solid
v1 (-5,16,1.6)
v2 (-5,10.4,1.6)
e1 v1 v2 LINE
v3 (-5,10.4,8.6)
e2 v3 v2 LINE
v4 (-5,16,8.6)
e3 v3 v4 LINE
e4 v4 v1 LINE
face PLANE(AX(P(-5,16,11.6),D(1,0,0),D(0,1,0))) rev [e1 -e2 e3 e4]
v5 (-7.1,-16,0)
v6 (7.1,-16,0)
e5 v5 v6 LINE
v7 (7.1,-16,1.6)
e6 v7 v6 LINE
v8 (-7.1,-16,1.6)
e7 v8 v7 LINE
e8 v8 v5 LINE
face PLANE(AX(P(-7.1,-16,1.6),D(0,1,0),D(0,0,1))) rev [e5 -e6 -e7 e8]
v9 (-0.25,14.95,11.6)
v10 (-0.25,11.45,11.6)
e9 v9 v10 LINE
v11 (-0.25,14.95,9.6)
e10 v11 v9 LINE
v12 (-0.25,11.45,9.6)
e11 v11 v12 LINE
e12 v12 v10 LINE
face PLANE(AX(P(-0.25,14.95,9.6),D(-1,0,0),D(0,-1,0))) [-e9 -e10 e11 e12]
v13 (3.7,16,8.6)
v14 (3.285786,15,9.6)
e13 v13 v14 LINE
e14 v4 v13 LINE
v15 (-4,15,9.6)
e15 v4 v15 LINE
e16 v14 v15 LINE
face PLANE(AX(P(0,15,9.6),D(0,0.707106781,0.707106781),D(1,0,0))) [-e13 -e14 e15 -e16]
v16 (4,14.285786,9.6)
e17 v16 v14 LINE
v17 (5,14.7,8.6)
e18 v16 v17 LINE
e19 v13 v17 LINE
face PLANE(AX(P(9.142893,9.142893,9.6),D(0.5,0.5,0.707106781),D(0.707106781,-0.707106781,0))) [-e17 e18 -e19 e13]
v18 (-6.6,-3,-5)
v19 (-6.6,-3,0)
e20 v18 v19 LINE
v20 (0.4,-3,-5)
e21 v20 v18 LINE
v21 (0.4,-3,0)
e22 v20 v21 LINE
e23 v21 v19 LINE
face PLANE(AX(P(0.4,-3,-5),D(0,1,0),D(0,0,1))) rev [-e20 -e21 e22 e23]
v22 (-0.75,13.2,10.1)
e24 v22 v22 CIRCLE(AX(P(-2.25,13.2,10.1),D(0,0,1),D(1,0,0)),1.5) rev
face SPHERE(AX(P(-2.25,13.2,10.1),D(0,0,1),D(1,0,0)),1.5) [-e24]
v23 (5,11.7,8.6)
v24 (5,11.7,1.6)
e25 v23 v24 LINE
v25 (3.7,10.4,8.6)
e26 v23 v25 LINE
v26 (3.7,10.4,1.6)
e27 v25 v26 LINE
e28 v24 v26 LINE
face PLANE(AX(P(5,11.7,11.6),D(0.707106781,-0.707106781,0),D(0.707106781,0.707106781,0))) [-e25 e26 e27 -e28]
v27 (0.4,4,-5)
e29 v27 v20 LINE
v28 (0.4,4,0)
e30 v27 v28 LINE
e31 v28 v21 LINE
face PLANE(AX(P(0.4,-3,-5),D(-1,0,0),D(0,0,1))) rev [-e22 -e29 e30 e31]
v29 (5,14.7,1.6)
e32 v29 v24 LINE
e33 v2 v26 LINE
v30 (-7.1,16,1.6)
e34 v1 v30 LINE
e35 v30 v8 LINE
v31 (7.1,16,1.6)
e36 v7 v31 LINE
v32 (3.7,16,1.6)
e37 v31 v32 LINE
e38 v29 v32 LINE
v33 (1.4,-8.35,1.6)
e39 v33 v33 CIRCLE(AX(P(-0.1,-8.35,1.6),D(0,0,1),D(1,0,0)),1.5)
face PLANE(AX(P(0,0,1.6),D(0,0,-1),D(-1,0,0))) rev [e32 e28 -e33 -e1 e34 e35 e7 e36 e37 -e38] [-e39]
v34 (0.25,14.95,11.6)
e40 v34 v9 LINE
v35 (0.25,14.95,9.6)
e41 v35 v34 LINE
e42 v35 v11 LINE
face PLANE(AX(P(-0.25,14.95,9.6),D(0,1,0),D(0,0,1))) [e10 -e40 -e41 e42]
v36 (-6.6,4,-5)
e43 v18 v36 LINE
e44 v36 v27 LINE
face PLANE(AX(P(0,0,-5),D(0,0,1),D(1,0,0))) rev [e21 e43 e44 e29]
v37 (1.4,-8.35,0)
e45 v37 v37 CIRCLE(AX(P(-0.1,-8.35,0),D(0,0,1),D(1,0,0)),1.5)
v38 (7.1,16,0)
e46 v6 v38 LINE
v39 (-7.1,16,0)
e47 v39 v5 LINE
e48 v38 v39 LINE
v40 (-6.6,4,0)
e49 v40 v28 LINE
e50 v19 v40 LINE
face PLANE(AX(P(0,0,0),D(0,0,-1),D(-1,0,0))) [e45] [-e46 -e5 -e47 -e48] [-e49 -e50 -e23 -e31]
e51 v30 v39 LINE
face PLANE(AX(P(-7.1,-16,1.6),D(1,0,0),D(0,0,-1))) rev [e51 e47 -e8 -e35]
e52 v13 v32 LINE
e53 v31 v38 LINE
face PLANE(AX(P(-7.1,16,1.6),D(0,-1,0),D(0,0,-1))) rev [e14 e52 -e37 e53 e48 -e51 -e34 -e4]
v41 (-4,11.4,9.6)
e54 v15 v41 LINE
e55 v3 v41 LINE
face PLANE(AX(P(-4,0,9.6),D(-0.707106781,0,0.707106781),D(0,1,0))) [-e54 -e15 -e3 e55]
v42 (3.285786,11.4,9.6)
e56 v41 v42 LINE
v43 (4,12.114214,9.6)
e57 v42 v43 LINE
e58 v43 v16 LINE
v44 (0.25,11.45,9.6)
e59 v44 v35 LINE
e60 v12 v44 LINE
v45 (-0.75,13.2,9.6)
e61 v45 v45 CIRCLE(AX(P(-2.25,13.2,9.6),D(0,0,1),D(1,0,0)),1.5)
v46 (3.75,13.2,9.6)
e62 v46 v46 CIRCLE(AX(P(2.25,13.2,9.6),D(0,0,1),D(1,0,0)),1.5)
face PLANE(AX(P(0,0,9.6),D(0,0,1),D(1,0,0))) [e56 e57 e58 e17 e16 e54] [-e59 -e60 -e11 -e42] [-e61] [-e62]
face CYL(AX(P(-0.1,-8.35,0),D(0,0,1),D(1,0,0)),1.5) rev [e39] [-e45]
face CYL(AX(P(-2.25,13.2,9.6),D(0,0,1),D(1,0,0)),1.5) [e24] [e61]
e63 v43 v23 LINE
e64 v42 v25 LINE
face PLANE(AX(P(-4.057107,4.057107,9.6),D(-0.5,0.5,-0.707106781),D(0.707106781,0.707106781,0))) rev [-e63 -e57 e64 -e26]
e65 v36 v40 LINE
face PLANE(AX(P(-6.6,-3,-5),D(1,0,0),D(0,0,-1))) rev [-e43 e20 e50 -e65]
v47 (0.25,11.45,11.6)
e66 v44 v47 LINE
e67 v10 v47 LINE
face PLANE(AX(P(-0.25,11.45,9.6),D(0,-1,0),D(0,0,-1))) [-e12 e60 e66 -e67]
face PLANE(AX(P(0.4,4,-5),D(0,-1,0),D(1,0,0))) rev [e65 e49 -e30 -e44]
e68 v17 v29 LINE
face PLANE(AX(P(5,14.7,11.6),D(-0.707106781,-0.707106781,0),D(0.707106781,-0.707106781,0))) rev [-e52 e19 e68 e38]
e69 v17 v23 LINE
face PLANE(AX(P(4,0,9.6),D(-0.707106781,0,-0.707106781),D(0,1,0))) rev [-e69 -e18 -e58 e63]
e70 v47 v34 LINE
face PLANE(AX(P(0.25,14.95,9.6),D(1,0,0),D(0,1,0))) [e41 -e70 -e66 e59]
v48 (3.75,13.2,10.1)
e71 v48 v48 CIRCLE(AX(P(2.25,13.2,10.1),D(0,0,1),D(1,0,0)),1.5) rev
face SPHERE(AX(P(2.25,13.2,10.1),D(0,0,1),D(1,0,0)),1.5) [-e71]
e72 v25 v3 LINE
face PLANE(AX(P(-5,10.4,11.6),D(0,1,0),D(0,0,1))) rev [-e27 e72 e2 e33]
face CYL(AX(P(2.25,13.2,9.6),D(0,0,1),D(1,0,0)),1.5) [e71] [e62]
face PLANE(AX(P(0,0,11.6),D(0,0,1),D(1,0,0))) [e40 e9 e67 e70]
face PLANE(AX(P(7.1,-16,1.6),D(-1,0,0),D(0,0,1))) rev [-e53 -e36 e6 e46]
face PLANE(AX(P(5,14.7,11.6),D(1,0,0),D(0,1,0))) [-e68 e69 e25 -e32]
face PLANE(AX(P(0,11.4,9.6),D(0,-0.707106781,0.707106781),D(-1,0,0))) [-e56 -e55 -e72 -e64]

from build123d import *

# Parameters (mm, degrees)
CROQUIS1_W              = 14.2
CROQUIS1_H              = 32
SALIENTE_EXTRUIR1_DEPTH = 1.6
CROQUIS2_R              = 1.5
CORTAR_EXTRUIR1_DEPTH   = 18.57754249
SALIENTE_EXTRUIR2_DEPTH = 10
CROQUIS4_R              = 1.5
CROQUIS4_W              = 0.5
CROQUIS4_H              = 3.5
CORTAR_EXTRUIR2_DEPTH   = 2
CHAFL_N1_SIZE           = 1
REDONDEO1_R             = 1.5
CROQUIS5_W              = 7
CROQUIS5_H              = 7
SALIENTE_EXTRUIR3_DEPTH = 5


with BuildPart() as part:
    # Croquis1 → Saliente-Extruir1 (new body)
    with BuildSketch(Plane.XY):
        Rectangle(CROQUIS1_W, CROQUIS1_H)
    extrude(amount=SALIENTE_EXTRUIR1_DEPTH)

    # Croquis2 → Cortar-Extruir1 (cut, through all)
    with BuildSketch(Plane.XY.offset(1.6)):
        with Locations((-0.1, -8.35)):
            Circle(CROQUIS2_R)
    extrude(amount=-CORTAR_EXTRUIR1_DEPTH, mode=Mode.SUBTRACT)

    # Croquis3 → Saliente-Extruir2 (add)
    with BuildSketch(Plane.XY.offset(1.6)):
        Polygon((-5, 16), (3.7, 16), (5, 14.7), (5, 11.7), (3.7, 10.4), (-5, 10.4), align=None)
    extrude(amount=SALIENTE_EXTRUIR2_DEPTH)

    # Croquis4 → Cortar-Extruir2 (cut)
    with BuildSketch(Plane.XY.offset(11.6)):
        Polygon((-5, 10.4), (3.7, 10.4), (5, 11.7), (5, 14.7), (3.7, 16), (-5, 16), align=None)
        with Locations((-2.25, 13.2)):
            Circle(CROQUIS4_R, mode=Mode.SUBTRACT)
        with Locations((2.25, 13.2)):
            Circle(CROQUIS4_R, mode=Mode.SUBTRACT)
        with Locations((0, 13.2)):
            Rectangle(CROQUIS4_W, CROQUIS4_H, mode=Mode.SUBTRACT)
    extrude(amount=-CORTAR_EXTRUIR2_DEPTH, mode=Mode.SUBTRACT)

    # Chaflán1
    chafl_n1_edges = [part.edges().sort_by_distance(p)[0] for p in [
        (4.35, 15.35, 9.6),
        (5, 13.2, 9.6),
        (4.35, 11.05, 9.6),
        (-0.65, 10.4, 9.6),
        (-5, 13.2, 9.6),
        (-0.65, 16, 9.6),
    ]]
    chamfer(chafl_n1_edges, length=CHAFL_N1_SIZE)

    # Redondeo1
    redondeo1_edges = [part.edges().sort_by_distance(p)[0] for p in [
        (-3.75, 13.2, 11.6),
        (0.75, 13.2, 11.6),
    ]]
    fillet(redondeo1_edges, radius=REDONDEO1_R)

    # Croquis5 → Saliente-Extruir3 (add)
    with BuildSketch(Plane(origin=(0, 0, 0), x_dir=(-1, 0, 0), z_dir=(0, 0, -1))):
        with Locations((3.1, 0.5)):
            Rectangle(CROQUIS5_W, CROQUIS5_H)
    extrude(amount=SALIENTE_EXTRUIR3_DEPTH)


solid = part.part
